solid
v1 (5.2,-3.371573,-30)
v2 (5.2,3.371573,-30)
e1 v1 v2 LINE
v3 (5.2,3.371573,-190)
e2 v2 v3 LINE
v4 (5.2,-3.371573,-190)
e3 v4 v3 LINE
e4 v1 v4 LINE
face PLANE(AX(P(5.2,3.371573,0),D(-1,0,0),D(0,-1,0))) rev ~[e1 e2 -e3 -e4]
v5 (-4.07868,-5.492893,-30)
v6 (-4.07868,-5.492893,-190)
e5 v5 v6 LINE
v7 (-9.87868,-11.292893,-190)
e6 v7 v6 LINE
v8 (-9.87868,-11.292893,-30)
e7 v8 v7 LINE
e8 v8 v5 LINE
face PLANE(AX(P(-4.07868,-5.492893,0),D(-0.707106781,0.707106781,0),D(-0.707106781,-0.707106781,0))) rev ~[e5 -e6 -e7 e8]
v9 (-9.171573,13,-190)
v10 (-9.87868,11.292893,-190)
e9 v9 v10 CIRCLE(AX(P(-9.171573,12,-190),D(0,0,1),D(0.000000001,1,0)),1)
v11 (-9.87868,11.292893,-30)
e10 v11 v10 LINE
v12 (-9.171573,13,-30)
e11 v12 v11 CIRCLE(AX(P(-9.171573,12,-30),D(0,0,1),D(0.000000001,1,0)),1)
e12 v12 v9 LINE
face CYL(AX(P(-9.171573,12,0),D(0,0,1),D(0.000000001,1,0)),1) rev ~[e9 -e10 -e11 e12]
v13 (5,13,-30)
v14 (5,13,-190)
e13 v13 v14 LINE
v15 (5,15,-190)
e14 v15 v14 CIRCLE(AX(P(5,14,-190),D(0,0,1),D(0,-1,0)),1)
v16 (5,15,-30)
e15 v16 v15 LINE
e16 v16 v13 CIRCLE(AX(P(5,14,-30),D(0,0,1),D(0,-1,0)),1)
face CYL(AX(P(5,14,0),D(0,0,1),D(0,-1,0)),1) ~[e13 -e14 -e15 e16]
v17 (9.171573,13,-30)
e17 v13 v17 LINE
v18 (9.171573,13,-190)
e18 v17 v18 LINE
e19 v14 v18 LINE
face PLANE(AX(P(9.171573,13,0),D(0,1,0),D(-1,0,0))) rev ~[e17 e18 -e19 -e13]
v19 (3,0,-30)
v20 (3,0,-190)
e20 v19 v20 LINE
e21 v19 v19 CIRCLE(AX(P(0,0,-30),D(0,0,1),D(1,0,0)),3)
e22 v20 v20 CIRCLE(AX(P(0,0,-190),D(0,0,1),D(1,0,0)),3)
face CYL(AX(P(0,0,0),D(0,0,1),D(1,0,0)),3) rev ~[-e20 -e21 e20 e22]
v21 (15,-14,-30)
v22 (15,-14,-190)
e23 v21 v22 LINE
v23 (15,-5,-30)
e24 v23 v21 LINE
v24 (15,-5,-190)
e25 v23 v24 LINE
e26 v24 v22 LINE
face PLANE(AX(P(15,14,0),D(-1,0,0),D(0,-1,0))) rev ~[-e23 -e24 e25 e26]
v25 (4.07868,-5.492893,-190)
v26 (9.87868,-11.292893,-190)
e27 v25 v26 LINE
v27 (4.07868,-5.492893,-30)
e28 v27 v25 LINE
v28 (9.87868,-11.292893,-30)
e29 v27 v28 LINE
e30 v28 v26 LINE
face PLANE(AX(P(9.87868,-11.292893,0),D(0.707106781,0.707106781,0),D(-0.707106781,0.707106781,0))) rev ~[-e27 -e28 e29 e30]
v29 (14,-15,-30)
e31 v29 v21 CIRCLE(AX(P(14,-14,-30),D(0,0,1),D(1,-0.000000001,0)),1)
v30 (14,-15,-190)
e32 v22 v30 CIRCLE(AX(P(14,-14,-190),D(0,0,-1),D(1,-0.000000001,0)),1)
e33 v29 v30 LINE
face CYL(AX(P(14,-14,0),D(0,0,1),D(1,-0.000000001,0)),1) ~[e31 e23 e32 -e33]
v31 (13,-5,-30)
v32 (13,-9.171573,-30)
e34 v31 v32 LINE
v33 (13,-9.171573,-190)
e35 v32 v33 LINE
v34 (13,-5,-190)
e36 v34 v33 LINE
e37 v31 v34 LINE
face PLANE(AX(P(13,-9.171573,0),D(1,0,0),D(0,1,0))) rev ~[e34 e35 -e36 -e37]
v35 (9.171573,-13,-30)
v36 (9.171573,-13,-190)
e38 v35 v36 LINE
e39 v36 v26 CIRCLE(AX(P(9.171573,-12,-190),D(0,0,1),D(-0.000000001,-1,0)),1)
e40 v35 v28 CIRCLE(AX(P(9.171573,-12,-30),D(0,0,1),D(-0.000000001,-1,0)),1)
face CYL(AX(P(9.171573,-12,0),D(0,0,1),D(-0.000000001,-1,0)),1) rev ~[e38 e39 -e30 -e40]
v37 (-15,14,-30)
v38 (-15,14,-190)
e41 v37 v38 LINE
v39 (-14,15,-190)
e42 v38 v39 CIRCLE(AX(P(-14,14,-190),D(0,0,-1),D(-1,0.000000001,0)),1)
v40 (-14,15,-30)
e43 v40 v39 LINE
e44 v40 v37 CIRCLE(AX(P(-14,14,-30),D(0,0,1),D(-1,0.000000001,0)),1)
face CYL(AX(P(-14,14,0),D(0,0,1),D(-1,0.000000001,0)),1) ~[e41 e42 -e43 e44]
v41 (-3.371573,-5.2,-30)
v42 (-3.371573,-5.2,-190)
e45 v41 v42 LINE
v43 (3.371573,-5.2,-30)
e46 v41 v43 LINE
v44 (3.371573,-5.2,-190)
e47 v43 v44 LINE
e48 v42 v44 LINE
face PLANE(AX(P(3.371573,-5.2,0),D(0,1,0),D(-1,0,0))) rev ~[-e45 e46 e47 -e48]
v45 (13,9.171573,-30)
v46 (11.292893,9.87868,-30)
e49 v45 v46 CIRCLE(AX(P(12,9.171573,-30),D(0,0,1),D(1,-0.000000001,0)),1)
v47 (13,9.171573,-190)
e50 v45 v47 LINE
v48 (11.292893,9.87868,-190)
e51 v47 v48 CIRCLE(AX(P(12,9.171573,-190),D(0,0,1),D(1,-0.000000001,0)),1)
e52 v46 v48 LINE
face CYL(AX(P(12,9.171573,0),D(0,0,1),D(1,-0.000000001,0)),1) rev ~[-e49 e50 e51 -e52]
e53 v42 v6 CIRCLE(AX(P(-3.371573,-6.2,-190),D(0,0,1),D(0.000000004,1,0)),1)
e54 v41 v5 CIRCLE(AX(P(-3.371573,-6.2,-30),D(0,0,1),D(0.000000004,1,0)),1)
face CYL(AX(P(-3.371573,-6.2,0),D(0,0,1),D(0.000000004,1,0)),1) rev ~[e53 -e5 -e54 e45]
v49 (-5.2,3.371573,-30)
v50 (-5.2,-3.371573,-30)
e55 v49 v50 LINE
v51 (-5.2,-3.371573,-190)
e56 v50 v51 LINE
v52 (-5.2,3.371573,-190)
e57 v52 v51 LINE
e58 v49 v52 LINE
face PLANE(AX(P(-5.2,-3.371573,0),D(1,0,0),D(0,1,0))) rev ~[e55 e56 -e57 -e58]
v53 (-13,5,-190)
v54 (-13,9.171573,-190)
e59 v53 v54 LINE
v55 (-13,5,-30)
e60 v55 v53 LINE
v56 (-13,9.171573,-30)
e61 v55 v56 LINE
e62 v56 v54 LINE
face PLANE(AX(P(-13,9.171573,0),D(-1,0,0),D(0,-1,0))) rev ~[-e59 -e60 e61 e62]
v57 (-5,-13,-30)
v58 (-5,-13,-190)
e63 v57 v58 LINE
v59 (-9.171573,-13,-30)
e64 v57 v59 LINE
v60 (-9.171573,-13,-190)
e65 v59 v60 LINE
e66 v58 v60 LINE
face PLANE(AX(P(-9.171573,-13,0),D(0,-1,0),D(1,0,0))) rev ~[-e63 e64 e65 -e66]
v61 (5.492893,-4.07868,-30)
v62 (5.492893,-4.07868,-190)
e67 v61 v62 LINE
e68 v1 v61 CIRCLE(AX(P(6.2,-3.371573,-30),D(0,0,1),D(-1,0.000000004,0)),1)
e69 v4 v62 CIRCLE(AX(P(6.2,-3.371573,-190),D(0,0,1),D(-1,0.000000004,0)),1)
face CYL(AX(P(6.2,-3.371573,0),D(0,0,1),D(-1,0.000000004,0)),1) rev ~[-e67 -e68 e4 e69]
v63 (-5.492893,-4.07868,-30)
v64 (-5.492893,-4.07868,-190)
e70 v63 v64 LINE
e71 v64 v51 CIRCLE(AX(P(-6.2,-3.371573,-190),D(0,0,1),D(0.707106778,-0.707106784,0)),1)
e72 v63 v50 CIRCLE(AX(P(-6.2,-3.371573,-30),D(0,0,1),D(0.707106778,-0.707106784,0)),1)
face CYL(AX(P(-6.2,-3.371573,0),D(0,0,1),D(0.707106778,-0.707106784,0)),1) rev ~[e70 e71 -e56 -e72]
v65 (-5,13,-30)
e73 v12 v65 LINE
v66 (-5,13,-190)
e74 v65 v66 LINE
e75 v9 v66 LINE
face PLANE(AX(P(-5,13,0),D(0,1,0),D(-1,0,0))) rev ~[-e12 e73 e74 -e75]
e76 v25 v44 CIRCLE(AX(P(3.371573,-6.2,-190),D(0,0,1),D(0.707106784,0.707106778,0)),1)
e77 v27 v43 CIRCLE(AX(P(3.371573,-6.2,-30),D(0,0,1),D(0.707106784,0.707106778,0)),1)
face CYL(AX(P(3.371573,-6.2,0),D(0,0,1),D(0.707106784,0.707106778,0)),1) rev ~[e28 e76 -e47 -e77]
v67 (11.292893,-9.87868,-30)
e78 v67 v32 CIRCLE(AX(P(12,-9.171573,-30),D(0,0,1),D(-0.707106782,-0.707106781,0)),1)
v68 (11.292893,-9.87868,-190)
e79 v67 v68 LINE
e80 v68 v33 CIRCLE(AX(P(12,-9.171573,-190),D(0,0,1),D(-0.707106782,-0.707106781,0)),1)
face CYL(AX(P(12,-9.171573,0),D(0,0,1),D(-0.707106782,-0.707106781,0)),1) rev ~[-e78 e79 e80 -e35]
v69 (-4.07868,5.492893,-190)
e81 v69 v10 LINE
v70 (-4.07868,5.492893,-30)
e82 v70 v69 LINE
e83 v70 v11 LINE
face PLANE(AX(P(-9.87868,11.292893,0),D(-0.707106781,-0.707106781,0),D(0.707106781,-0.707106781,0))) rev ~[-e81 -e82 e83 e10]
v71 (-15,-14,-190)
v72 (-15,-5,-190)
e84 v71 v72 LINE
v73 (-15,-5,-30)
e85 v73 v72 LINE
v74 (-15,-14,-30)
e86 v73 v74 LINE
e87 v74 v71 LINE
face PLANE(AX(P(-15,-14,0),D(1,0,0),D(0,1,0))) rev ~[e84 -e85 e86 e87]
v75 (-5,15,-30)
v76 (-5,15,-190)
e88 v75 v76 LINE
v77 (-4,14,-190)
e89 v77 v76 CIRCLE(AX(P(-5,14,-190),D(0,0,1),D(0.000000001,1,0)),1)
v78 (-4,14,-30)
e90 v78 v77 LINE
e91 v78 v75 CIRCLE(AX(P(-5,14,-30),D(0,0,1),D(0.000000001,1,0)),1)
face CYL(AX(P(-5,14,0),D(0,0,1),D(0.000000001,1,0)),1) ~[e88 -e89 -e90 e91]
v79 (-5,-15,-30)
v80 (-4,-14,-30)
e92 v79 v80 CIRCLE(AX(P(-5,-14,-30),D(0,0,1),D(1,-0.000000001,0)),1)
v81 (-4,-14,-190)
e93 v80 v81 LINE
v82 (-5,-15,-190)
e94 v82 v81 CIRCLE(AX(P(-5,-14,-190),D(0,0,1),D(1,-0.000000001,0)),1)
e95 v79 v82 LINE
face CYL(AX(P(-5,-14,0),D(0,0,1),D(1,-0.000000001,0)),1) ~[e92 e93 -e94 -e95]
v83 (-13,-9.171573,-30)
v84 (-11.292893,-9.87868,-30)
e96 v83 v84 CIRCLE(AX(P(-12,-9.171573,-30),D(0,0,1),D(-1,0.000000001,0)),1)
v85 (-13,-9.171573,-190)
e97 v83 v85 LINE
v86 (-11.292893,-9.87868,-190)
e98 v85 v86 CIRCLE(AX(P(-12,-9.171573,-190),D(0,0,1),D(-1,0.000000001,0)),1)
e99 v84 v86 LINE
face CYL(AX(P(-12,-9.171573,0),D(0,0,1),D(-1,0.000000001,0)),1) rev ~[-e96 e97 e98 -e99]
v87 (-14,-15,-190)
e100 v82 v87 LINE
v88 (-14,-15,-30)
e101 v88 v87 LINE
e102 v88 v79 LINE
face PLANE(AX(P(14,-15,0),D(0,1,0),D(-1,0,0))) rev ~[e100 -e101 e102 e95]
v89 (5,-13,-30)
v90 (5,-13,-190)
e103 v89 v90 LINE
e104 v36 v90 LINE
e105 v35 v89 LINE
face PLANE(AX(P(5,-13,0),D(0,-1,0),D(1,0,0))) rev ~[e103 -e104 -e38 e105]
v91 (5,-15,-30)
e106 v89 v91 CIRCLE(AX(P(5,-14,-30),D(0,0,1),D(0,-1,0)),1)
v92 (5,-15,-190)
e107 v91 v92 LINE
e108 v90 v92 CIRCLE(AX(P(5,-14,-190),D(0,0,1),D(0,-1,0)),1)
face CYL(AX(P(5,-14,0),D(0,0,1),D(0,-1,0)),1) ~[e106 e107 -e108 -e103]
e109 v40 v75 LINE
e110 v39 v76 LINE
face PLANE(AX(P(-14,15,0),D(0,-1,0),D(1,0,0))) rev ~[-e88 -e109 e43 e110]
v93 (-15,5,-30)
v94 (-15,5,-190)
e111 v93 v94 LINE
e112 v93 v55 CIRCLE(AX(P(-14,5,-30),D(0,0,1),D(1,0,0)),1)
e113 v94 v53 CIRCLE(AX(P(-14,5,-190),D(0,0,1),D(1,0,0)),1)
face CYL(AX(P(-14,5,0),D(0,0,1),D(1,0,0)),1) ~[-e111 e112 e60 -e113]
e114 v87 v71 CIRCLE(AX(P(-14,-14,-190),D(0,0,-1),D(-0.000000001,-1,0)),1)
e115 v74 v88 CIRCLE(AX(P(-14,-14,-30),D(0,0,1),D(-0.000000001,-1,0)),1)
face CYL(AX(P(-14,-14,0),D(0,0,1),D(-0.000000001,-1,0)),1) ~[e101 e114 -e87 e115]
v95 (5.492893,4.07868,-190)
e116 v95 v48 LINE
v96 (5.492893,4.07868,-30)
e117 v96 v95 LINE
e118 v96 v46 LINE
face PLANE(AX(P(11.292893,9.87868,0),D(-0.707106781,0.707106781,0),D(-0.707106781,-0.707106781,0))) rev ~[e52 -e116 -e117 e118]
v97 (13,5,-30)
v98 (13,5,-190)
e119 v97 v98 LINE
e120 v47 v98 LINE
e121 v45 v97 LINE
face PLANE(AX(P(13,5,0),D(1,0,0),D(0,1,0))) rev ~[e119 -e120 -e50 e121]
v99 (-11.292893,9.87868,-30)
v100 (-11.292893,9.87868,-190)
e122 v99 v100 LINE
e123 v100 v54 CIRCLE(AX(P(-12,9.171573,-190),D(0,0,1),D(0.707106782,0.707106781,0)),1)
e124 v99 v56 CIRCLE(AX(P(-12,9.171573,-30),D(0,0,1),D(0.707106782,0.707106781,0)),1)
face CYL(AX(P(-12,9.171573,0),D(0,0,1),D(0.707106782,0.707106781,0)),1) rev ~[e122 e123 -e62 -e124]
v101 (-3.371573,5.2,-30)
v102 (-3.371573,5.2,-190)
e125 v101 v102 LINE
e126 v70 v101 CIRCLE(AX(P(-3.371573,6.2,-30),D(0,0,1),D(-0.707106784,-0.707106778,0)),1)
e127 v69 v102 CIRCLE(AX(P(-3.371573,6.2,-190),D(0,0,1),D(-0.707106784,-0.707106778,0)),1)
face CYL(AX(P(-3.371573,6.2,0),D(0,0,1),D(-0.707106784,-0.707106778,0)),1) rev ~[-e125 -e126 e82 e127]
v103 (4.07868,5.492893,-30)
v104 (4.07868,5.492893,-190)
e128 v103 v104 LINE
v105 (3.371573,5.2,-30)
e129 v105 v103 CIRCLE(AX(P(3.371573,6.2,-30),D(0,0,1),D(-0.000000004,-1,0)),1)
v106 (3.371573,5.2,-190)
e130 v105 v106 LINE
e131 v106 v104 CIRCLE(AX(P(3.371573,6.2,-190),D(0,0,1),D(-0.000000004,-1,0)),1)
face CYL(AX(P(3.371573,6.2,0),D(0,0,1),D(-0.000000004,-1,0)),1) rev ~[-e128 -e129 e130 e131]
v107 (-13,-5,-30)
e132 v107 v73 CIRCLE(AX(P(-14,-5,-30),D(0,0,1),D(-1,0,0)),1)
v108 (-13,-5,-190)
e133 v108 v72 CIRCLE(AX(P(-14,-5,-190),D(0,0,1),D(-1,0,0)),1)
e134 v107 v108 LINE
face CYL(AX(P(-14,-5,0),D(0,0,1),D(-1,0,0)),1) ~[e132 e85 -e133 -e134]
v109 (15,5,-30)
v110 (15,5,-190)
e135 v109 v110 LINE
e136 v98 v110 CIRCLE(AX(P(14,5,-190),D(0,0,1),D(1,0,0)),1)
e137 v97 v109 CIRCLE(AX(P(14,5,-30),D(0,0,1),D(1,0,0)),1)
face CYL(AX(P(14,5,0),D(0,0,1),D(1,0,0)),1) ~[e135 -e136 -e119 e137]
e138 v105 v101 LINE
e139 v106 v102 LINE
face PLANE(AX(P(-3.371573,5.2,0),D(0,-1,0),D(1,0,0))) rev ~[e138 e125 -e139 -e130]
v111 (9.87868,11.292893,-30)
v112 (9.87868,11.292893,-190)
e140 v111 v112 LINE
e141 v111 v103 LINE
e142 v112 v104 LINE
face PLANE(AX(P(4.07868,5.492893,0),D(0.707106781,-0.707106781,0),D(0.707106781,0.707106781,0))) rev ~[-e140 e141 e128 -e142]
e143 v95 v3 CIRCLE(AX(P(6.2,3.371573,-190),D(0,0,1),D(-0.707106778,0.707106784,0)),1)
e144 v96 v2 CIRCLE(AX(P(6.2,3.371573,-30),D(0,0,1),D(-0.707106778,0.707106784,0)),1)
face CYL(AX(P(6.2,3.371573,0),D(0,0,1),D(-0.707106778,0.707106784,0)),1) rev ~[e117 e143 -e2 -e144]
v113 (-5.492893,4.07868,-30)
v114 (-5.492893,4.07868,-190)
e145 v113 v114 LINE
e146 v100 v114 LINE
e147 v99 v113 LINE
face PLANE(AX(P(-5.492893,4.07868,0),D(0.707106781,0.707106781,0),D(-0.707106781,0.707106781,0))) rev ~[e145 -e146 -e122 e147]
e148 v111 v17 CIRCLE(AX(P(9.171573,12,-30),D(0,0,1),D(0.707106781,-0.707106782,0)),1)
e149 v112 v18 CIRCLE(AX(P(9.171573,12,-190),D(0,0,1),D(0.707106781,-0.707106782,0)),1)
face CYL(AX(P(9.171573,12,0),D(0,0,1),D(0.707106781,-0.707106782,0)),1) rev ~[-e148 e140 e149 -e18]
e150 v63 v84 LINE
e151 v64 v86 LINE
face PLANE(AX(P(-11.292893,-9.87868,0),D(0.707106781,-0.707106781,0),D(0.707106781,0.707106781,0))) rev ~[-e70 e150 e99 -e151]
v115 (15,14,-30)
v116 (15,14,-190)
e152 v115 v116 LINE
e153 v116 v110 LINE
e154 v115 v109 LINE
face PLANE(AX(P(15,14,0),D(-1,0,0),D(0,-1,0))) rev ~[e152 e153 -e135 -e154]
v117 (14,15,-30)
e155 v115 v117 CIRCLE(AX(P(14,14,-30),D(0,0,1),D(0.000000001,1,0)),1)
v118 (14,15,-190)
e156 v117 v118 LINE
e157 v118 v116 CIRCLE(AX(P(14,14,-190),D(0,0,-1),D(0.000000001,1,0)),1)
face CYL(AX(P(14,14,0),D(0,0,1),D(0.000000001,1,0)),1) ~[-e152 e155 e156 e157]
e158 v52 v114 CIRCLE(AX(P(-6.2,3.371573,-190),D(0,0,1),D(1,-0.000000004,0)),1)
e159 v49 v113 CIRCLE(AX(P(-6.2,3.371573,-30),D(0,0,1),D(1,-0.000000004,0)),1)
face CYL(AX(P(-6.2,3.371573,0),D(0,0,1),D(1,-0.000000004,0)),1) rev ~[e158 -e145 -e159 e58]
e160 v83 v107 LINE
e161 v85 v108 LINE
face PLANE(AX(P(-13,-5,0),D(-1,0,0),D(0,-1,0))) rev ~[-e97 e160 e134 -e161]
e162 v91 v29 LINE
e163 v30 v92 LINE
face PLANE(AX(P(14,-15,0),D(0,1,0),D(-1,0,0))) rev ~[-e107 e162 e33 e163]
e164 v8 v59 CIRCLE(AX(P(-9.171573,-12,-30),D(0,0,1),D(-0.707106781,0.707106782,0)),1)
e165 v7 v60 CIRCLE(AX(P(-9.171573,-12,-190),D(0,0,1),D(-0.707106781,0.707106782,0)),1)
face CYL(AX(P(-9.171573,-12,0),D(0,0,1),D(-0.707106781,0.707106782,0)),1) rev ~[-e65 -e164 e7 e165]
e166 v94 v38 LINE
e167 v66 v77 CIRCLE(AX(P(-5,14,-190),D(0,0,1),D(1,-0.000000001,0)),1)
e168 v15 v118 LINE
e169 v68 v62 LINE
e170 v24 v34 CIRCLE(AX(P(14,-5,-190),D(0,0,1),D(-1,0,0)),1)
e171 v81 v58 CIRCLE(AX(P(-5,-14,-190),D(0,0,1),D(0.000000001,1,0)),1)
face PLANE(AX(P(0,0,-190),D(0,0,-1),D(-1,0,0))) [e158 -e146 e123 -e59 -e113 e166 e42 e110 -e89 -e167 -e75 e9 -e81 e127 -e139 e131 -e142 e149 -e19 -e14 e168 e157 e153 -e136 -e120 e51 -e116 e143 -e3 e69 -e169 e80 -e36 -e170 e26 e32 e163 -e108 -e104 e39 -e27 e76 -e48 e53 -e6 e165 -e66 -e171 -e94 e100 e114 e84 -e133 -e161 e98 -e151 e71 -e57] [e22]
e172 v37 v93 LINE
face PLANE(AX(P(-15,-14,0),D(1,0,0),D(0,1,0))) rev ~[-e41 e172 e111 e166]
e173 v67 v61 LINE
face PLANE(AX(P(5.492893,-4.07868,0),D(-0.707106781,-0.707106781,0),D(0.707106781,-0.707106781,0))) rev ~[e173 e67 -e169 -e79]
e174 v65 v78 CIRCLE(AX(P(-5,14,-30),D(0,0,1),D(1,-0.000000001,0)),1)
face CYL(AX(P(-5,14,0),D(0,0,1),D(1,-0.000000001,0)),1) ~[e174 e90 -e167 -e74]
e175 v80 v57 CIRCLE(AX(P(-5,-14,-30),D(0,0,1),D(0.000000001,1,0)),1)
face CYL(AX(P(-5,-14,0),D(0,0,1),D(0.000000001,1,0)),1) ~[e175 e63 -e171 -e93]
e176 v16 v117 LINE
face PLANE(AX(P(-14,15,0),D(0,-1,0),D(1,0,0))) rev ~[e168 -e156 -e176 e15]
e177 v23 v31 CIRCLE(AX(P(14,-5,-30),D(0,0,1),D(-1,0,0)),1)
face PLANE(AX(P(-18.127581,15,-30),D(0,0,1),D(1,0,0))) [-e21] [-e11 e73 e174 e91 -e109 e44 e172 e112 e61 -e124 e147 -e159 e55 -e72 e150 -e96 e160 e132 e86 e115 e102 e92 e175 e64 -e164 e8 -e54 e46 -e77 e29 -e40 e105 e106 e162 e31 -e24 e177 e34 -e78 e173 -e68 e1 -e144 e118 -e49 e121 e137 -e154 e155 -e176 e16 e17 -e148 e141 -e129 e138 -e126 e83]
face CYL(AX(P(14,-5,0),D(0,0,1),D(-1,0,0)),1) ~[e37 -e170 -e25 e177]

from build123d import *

# Parameters (mm, degrees)
SALIENTE_EXTRUIR1_DEPTH = 190
CROQUIS2_R              = 3
CORTAR_EXTRUIR1_DEPTH   = 192.180542943
CORTAR_EXTRUIR3_DEPTH   = 192.180542943
CROQUIS4_W              = 33.127581221
CROQUIS4_H              = 30
CORTAR_EXTRUIR4_DEPTH   = 38


with BuildPart() as part:
    # Croquis1 → Saliente-Extruir1 (new body)
    with BuildSketch(Plane.XY):
        with BuildLine():
            Line((-14, 15), (14, 15))
            ThreePointArc((14, 15), (14.707106781, 14.707106781), (15, 14))
            Line((15, 14), (15, -14))
            ThreePointArc((15, -14), (14.707106781, -14.707106781), (14, -15))
            Line((14, -15), (-14, -15))
            ThreePointArc((-14, -15), (-14.707106781, -14.707106781), (-15, -14))
            Line((-15, -14), (-15, 14))
            ThreePointArc((-15, 14), (-14.707106781, 14.707106781), (-14, 15))
        make_face()
    extrude(amount=-SALIENTE_EXTRUIR1_DEPTH)

    # Croquis2 → Cortar-Extruir1 (cut, through all)
    with BuildSketch(Plane.XY):
        Circle(CROQUIS2_R)
    extrude(amount=-CORTAR_EXTRUIR1_DEPTH, mode=Mode.SUBTRACT)

    # Croquis3 → Cortar-Extruir3 (cut, through all)
    with BuildSketch(Plane.XY):
        with BuildLine():
            Line((-5.492893219, 4.078679656), (-11.292893219, 9.878679656))
            ThreePointArc((-11.292893219, 9.878679656), (-12.382683432, 10.095452408), (-13, 9.171572875))
            Line((-13, 9.171572875), (-13, 5))
            ThreePointArc((-13, 5), (-14, 4), (-15, 5))
            Line((-15, 5), (-15, -5))
            ThreePointArc((-15, -5), (-14, -4), (-13, -5))
            Line((-13, -5), (-13, -9.171572875))
            ThreePointArc((-13, -9.171572875), (-12.382683432, -10.095452408), (-11.292893219, -9.878679656))
            Line((-11.292893219, -9.878679656), (-5.492893219, -4.078679656))
            ThreePointArc((-5.492893219, -4.078679656), (-5.276120467, -3.754256308), (-5.2, -3.371572875))
            Line((-5.2, -3.371572875), (-5.2, 3.371572875))
            ThreePointArc((-5.2, 3.371572875), (-5.276120467, 3.754256308), (-5.492893219, 4.078679656))
        make_face()
        with BuildLine():
            ThreePointArc((-9.171572875, 13), (-10.095452408, 12.382683432), (-9.878679656, 11.292893219))
            Line((-9.878679656, 11.292893219), (-4.078679656, 5.492893219))
            ThreePointArc((-4.078679656, 5.492893219), (-3.754256308, 5.276120467), (-3.371572875, 5.2))
            Line((-3.371572875, 5.2), (3.371572875, 5.2))
            ThreePointArc((3.371572875, 5.2), (3.754256308, 5.276120467), (4.078679656, 5.492893219))
            Line((4.078679656, 5.492893219), (9.878679656, 11.292893219))
            ThreePointArc((9.878679656, 11.292893219), (10.095452408, 12.382683432), (9.171572875, 13))
            Line((9.171572875, 13), (5, 13))
            ThreePointArc((5, 13), (4, 14), (5, 15))
            Line((5, 15), (-5, 15))
            ThreePointArc((-5, 15), (-4.292893219, 14.707106781), (-4, 14))
            ThreePointArc((-4, 14), (-4.292893219, 13.292893219), (-5, 13))
            Line((-5, 13), (-9.171572875, 13))
        make_face()
        with BuildLine():
            Line((9.878679656, -11.292893219), (4.078679656, -5.492893219))
            ThreePointArc((4.078679656, -5.492893219), (3.754256308, -5.276120467), (3.371572875, -5.2))
            Line((3.371572875, -5.2), (-3.371572875, -5.2))
            ThreePointArc((-3.371572875, -5.2), (-3.754256308, -5.276120467), (-4.078679656, -5.492893219))
            Line((-4.078679656, -5.492893219), (-9.878679656, -11.292893219))
            ThreePointArc((-9.878679656, -11.292893219), (-10.095452408, -12.382683432), (-9.171572875, -13))
            Line((-9.171572875, -13), (-5, -13))
            ThreePointArc((-5, -13), (-4.292893219, -13.292893219), (-4, -14))
            ThreePointArc((-4, -14), (-4.292893219, -14.707106781), (-5, -15))
            Line((-5, -15), (5, -15))
            ThreePointArc((5, -15), (4, -14), (5, -13))
            Line((5, -13), (9.171572875, -13))
            ThreePointArc((9.171572875, -13), (10.095452408, -12.382683432), (9.878679656, -11.292893219))
        make_face()
        with BuildLine():
            ThreePointArc((13, 9.171572875), (12.382683432, 10.095452408), (11.292893219, 9.878679656))
            Line((11.292893219, 9.878679656), (5.492893219, 4.078679656))
            ThreePointArc((5.492893219, 4.078679656), (5.276120467, 3.754256308), (5.2, 3.371572875))
            Line((5.2, 3.371572875), (5.2, -3.371572875))
            ThreePointArc((5.2, -3.371572875), (5.276120467, -3.754256308), (5.492893219, -4.078679656))
            Line((5.492893219, -4.078679656), (11.292893219, -9.878679656))
            ThreePointArc((11.292893219, -9.878679656), (12.382683432, -10.095452408), (13, -9.171572875))
            Line((13, -9.171572875), (13, -5))
            ThreePointArc((13, -5), (14, -4), (15, -5))
            Line((15, -5), (15, 5))
            ThreePointArc((15, 5), (14, 4), (13, 5))
            Line((13, 5), (13, 9.171572875))
        make_face()
    extrude(amount=-CORTAR_EXTRUIR3_DEPTH, mode=Mode.SUBTRACT)

    # Croquis4 → Cortar-Extruir4 (cut)
    with BuildSketch(Plane(origin=(0, 15, 0), x_dir=(1, 0, 0), z_dir=(0, 1, 0))):
        with Locations((-1.56379061, 15)):
            Rectangle(CROQUIS4_W, CROQUIS4_H)
    extrude(amount=-CORTAR_EXTRUIR4_DEPTH, mode=Mode.SUBTRACT)


solid = part.part
